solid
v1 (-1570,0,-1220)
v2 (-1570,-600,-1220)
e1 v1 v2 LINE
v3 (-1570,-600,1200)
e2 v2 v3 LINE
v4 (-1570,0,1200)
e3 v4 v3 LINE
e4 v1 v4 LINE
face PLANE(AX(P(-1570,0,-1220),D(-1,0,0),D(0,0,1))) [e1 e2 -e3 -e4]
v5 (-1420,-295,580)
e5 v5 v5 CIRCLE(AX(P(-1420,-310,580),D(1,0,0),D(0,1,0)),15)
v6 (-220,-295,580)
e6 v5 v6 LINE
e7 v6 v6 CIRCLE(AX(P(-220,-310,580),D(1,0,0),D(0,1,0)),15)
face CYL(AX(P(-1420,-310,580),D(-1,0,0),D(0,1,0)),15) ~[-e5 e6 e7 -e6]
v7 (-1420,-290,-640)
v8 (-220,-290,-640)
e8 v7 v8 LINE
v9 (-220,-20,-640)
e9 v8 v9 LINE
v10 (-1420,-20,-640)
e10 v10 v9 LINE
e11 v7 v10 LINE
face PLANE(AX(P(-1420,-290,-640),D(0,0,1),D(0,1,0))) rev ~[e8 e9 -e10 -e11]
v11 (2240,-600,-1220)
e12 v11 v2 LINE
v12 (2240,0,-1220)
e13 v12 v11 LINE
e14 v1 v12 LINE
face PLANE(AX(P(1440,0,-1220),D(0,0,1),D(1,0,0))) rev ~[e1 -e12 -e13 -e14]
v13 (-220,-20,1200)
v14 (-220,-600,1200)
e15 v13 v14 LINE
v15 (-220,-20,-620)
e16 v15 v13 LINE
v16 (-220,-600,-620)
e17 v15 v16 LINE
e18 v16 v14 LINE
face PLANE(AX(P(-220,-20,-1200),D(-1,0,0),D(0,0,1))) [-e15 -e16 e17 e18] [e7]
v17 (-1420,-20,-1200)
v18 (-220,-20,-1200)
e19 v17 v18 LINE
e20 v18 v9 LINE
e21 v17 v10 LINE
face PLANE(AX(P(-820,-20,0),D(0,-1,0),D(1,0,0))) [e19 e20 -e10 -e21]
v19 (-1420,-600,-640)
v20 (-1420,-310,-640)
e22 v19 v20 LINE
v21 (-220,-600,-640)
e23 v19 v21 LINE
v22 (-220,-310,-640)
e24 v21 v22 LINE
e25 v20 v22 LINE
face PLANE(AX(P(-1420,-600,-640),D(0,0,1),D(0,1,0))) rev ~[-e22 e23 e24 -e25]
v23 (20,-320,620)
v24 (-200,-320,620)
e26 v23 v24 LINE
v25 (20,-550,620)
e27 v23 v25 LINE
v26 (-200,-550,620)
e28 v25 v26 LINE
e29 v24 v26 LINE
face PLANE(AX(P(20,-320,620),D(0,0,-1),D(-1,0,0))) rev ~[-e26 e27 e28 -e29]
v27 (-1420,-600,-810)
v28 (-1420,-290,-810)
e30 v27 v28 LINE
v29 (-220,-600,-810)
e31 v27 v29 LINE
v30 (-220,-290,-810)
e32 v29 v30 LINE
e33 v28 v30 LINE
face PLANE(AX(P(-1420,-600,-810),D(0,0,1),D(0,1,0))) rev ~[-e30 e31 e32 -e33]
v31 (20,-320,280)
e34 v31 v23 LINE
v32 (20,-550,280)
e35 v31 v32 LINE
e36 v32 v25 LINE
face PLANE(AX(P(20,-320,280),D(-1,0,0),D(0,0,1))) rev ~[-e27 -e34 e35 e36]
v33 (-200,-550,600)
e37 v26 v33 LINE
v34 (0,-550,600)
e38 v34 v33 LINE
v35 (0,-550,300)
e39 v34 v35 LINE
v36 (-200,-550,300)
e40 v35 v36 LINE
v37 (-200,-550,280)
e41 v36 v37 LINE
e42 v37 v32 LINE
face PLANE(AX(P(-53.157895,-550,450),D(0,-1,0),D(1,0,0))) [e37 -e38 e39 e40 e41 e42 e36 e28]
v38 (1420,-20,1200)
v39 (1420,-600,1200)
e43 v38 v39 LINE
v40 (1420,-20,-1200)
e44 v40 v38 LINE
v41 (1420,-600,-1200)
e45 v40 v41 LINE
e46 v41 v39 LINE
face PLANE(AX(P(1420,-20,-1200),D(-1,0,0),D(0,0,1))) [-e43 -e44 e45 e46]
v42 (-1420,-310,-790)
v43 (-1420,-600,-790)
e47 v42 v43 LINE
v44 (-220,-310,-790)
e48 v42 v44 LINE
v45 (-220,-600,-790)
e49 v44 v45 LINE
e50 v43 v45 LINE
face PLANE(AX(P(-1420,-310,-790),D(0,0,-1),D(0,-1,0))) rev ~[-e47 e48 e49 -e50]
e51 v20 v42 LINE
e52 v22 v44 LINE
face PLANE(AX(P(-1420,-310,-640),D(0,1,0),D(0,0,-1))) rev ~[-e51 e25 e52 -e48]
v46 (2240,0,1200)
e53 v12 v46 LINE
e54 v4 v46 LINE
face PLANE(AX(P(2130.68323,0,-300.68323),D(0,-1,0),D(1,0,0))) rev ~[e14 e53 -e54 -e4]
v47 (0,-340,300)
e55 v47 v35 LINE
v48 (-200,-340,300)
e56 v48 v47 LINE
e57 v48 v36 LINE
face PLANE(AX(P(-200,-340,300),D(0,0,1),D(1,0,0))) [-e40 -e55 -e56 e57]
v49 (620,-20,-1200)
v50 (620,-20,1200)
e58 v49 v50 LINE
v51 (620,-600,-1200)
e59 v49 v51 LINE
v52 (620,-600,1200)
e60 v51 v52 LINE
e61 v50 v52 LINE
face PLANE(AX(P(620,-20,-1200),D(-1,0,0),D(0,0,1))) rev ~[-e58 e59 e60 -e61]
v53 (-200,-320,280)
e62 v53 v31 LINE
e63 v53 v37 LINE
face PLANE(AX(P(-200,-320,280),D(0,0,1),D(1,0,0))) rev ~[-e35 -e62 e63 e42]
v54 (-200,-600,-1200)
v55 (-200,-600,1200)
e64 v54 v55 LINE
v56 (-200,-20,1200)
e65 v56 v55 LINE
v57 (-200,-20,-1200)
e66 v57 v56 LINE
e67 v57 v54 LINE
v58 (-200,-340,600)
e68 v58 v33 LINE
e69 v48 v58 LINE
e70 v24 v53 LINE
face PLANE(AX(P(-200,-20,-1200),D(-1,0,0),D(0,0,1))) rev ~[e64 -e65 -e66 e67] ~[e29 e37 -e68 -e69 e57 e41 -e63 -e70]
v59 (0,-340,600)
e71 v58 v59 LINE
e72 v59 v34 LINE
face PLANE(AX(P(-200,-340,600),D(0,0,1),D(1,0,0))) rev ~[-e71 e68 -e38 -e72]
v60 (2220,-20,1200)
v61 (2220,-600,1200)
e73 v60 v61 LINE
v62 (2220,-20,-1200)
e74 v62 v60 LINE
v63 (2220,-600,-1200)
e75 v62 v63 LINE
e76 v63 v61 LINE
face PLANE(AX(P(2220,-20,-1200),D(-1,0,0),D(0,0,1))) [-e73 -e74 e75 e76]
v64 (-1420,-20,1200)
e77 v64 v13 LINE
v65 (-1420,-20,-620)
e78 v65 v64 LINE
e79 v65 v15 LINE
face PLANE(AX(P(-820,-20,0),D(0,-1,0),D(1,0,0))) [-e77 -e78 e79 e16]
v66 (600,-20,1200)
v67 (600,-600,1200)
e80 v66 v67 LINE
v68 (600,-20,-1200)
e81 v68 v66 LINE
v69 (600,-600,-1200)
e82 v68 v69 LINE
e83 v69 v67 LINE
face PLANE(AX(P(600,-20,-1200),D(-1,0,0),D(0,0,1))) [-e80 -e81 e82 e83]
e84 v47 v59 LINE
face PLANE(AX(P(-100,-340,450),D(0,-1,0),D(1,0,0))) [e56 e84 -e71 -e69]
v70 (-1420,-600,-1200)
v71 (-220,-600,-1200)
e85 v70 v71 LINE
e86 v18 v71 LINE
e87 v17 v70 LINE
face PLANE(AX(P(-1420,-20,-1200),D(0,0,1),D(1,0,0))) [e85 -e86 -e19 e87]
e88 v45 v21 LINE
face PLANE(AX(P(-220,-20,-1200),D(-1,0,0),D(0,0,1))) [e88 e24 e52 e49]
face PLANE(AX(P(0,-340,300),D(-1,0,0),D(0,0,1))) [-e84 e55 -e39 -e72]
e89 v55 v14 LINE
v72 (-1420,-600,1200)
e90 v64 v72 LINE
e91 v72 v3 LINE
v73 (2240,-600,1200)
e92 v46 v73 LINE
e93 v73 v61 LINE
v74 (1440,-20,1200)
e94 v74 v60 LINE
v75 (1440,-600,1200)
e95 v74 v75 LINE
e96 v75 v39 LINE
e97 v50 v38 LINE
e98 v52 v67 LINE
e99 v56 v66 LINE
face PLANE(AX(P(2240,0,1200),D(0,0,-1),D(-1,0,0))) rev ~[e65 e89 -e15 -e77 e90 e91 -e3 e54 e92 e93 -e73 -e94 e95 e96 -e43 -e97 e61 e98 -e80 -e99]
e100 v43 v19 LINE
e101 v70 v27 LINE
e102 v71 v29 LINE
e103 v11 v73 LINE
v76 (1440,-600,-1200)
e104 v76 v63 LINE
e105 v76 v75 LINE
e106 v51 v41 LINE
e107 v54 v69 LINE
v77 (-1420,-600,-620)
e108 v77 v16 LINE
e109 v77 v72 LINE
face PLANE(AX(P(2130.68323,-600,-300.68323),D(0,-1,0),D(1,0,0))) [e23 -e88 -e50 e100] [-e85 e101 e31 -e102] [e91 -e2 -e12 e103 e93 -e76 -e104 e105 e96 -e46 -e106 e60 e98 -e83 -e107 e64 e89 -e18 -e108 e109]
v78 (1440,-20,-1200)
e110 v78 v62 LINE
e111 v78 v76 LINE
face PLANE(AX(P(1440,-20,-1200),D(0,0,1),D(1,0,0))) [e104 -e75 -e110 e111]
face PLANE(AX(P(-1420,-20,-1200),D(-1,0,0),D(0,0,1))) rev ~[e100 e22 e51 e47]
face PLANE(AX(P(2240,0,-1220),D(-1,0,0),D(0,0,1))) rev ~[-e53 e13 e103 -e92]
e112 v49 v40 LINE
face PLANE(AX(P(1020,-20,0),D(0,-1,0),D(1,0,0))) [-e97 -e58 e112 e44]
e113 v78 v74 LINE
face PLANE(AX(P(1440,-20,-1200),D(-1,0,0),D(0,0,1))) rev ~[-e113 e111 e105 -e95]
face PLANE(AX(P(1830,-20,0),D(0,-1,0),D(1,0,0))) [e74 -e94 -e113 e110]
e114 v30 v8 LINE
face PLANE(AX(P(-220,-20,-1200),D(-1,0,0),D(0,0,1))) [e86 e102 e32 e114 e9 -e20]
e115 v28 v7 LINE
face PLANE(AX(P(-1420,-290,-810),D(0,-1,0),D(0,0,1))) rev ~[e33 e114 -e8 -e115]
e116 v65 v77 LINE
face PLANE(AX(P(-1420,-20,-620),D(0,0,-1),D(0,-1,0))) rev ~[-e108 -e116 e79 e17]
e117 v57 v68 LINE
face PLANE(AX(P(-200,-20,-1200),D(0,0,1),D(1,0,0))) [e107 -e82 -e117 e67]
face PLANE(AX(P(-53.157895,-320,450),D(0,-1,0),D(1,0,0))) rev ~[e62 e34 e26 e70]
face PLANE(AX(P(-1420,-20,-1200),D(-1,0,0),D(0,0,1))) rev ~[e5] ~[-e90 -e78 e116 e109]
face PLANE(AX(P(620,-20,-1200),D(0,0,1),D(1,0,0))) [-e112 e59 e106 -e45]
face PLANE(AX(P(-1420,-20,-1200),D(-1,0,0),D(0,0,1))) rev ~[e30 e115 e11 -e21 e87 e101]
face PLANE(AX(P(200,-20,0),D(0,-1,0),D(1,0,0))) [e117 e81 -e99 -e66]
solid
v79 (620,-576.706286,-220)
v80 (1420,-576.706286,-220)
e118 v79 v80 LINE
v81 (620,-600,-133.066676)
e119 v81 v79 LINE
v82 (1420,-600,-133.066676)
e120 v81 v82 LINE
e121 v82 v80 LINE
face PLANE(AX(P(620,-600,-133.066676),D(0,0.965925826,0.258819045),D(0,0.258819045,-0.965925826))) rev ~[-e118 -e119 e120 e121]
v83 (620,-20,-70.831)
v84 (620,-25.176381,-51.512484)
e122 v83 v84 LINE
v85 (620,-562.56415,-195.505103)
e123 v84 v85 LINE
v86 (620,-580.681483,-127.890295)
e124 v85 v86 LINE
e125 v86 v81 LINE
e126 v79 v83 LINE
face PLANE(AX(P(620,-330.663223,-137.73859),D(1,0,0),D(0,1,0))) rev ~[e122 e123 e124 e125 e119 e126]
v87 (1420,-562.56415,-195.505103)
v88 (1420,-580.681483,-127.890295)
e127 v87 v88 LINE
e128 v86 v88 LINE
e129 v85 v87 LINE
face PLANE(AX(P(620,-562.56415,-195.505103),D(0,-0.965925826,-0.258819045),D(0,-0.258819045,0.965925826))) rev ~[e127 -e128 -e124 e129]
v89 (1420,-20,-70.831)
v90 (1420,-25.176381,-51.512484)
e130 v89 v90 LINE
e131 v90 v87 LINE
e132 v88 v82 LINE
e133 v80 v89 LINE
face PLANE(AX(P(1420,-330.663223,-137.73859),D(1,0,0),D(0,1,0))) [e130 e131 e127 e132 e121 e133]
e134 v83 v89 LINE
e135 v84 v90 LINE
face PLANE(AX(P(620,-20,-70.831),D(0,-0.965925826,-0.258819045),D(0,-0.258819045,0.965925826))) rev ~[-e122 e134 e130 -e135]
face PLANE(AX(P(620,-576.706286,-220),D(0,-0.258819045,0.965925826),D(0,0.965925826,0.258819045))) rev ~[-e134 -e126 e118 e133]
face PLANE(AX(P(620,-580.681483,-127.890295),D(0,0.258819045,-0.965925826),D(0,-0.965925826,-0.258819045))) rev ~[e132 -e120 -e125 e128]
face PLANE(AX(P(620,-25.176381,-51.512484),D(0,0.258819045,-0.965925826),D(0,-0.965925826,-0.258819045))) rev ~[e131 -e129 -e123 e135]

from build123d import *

# Parameters (mm, degrees)
F0_W      = 1200
F0_H      = 2400
F0_W_2    = 130
F0_H_2    = 2420
F0_W_3    = 800
F1_DEPTH  = 600
F2_START  = 20
F2_DEPTH  = 580
F3_R      = 15
F4_DEPTH  = 1200
F6_START  = 820
F6_DEPTH  = 800
F8_START  = 300
F7_W      = 200
F7_H      = 300
F8_DEPTH  = 230
F9_START  = 320
F9_DEPTH  = 260
F10_W     = 780
F10_H     = 2400
F11_DEPTH = 600
F12_START = 20
F12_DEPTH = 580


with BuildPart() as f1:
    # F0 (on Front) → F1 (new body)
    with BuildSketch(Plane.XZ):
        with Locations((-820, 0)):
            Rectangle(F0_W, F0_H)
        with Locations((-1505, -10)):
            Rectangle(F0_W_2, F0_H_2)
        with Locations((200, 0)):
            Rectangle(F0_W_3, F0_H)
        with Locations((1020, 0)):
            Rectangle(F0_W_3, F0_H)
        Polygon((1420, 1200), (1420, -1200), (620, -1200), (620, 1200), (600, 1200), (600, -1200), (-200, -1200), (-200, 1200), (-220, 1200), (-220, -1200), (-1420, -1200), (-1420, 1200), (-1440, 1200), (-1440, -1220), (1440, -1220), (1440, 1200), align=None)
    extrude(amount=F1_DEPTH)

    # F0 (on Front) → F2 (cut)
    with BuildSketch(Plane.XZ.offset(F2_START)):
        with Locations((1020, 0)):
            Rectangle(F0_W_3, F0_H)
        with Locations((200, 0)):
            Rectangle(F0_W_3, F0_H)
        with Locations((-820, 0)):
            Rectangle(F0_W, F0_H)
    extrude(amount=F2_DEPTH, mode=Mode.SUBTRACT)

    # F3 (on face) → F4 (join, through all)
    with BuildSketch(Plane.YZ.offset(-1420)):
        with Locations((-310, 580)):
            Circle(F3_R)
        Polygon((-20, -620), (-600, -620), (-600, -640), (-310, -640), (-310, -790), (-600, -790), (-600, -810), (-290, -810), (-290, -640), (-20, -640), align=None)
    extrude(amount=F4_DEPTH)

    # F7 (on face) → F8 (join)
    with BuildSketch(Plane.XZ.offset(20).offset(F8_START)):
        Polygon((-200, 620), (-200, 600), (0, 600), (0, 300), (-200, 300), (-200, 280), (20, 280), (20, 620), align=None)
        with Locations((-100, 450)):
            Rectangle(F7_W, F7_H)
    extrude(amount=F8_DEPTH)

    # F7 (on face) → F9 (cut)
    with BuildSketch(Plane.XZ.offset(20).offset(F9_START)):
        with Locations((-100, 450)):
            Rectangle(F7_W, F7_H)
    extrude(amount=F9_DEPTH, mode=Mode.SUBTRACT)

    # F10 (on Front) → F11 (join)
    with BuildSketch(Plane.XZ):
        Polygon((1440, -1200), (1440, -1220), (2240, -1220), (2240, 1200), (2220, 1200), (2220, -1200), align=None)
        with Locations((1830, 0)):
            Rectangle(F10_W, F10_H)
    extrude(amount=F11_DEPTH)

    # F10 (on Front) → F12 (cut)
    with BuildSketch(Plane.XZ.offset(F12_START)):
        with Locations((1830, 0)):
            Rectangle(F10_W, F10_H)
    extrude(amount=F12_DEPTH, mode=Mode.SUBTRACT)


with BuildPart() as f6:
    # F5 (on face) → F6 (new body)
    with BuildSketch(Plane.YZ.offset(-200).offset(F6_START)):
        Polygon((-580.6814834742, -127.8902947319), (-600, -133.066675634), (-576.7062859408, -220), (-20, -70.8310002608), (-25.1763809021, -51.5124837351), (-562.564150317, -195.5051025722), align=None)
    extrude(amount=F6_DEPTH)


solid = Compound([f1.part, f6.part])
